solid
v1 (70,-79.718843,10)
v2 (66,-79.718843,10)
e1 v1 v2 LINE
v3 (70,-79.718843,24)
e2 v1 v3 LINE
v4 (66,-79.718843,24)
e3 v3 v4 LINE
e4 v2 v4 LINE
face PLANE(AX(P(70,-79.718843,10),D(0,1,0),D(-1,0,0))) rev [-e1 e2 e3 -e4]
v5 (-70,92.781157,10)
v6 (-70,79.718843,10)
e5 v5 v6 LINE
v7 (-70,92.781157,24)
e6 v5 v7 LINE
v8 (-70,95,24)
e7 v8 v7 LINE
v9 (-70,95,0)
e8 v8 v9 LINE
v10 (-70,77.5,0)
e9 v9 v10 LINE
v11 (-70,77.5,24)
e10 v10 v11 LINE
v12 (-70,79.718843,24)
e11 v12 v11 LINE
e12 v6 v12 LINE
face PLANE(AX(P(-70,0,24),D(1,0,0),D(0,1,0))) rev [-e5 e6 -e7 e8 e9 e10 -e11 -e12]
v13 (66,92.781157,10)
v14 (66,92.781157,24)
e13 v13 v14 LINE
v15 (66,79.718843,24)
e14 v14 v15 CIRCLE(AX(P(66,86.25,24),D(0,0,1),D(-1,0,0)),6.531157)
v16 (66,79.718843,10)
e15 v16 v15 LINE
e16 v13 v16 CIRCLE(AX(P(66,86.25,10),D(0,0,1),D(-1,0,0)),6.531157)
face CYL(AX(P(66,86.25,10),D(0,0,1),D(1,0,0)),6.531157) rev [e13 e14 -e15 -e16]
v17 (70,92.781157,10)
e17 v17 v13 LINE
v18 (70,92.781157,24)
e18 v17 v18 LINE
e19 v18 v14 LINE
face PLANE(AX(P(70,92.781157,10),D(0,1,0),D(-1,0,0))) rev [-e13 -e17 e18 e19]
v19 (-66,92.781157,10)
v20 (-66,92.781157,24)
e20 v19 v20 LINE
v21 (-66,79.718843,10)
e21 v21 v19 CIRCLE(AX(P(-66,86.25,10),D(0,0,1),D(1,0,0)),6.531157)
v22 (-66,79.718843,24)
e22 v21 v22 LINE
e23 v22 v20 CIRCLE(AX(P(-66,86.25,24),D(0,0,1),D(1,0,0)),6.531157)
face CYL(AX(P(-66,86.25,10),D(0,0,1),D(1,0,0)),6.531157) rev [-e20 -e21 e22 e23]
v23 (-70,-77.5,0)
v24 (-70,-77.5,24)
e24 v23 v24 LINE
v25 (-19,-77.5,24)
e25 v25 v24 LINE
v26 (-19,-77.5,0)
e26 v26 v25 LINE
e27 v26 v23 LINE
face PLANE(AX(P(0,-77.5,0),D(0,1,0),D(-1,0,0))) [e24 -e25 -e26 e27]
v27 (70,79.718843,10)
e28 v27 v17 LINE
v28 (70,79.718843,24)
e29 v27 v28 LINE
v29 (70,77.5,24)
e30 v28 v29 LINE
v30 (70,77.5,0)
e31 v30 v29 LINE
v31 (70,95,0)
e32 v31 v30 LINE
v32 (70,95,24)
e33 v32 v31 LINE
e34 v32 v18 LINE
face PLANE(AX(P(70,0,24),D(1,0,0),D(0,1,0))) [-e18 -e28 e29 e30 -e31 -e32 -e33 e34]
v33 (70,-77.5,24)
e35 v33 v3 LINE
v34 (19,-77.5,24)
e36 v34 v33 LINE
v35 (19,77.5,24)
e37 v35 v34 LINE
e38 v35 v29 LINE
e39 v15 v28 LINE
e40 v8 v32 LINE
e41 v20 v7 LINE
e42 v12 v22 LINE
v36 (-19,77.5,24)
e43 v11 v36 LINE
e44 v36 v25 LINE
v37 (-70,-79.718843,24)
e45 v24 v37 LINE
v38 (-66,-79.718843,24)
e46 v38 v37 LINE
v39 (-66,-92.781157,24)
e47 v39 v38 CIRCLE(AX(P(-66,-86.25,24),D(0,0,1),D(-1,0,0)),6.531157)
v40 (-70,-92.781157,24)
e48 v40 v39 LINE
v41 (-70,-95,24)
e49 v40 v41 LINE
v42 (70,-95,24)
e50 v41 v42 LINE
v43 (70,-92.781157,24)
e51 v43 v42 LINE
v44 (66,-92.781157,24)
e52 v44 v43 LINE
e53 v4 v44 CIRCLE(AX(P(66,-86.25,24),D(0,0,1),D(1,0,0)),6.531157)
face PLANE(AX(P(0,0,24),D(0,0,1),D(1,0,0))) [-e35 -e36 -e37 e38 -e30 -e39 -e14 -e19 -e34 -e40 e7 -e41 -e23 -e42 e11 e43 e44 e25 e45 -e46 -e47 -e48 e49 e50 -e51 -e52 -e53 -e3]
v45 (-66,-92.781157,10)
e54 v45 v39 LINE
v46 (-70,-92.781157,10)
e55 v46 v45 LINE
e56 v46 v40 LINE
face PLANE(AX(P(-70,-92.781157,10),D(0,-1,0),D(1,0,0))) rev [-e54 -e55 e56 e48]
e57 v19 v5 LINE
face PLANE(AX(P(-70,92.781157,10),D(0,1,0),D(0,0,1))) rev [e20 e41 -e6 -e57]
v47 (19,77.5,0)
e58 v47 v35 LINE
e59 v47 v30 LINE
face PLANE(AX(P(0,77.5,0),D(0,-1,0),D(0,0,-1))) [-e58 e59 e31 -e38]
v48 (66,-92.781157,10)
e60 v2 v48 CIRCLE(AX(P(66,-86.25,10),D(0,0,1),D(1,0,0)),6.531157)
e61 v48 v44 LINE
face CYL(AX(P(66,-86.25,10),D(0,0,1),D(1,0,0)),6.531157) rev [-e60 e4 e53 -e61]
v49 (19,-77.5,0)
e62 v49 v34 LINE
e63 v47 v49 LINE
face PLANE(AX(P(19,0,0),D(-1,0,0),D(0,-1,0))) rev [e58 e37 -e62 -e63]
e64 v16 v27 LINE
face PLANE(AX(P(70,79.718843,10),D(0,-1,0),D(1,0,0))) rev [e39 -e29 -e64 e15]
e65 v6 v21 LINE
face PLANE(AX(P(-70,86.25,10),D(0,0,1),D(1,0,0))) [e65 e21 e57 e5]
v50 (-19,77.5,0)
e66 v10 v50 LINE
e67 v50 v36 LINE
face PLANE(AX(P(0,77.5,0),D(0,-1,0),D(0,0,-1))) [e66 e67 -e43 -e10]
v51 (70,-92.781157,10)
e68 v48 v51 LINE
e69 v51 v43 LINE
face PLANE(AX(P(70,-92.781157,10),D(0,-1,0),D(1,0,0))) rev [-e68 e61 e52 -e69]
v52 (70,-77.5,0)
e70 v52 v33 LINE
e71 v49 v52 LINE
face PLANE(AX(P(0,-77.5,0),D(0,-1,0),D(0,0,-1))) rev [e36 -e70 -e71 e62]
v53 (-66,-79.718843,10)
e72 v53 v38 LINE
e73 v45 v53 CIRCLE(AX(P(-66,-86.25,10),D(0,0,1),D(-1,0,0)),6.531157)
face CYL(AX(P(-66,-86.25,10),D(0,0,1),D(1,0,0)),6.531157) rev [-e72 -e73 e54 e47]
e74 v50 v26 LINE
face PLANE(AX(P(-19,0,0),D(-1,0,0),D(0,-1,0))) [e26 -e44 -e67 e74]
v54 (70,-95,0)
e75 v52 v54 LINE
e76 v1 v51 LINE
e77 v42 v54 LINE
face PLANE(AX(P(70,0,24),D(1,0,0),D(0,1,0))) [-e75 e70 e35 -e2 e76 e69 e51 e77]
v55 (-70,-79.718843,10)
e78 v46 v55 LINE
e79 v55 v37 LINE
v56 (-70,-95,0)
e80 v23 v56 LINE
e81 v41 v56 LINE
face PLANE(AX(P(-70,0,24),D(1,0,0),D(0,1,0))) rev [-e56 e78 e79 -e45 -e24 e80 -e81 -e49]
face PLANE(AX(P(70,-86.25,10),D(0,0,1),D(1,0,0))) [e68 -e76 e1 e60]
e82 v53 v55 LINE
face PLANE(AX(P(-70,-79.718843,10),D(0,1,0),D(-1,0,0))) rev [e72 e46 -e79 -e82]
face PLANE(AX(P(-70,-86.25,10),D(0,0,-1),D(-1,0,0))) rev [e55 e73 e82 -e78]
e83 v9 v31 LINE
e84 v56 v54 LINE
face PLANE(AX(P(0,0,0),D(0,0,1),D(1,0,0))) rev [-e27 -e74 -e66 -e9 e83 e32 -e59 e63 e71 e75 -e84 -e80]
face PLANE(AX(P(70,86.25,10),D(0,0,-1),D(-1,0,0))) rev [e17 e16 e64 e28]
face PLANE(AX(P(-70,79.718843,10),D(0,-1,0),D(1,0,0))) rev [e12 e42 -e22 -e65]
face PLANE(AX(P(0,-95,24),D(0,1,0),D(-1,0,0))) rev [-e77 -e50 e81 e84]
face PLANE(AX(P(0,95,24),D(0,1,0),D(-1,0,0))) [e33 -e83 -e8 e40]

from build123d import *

# Parameters (mm, degrees)
SKETCH1_W           = 35
SKETCH1_H           = 155
SKETCH1_H_2         = 17.5
BOSS_EXTRUDE1_DEPTH = 24
SKETCH2_W           = 51
SKETCH2_H           = 77.5
CUT_EXTRUDE1_DEPTH  = 24
CUT_EXTRUDE2_DEPTH  = 14


with BuildPart() as part:
    # Sketch1 → Boss-Extrude1 (new body)
    with BuildSketch(Plane.XY):
        with Locations((-52.5, 0)):
            Rectangle(SKETCH1_W, SKETCH1_H)
        with Locations((-52.5, 86.25)):
            Rectangle(SKETCH1_W, SKETCH1_H_2)
        Polygon((35, 95), (-35, 95), (-35, 77.5), (-35, -77.5), (-35, -95), (35, -95), (35, -77.5), (35, 77.5), align=None)
        with Locations((52.5, 86.25)):
            Rectangle(SKETCH1_W, SKETCH1_H_2)
        with Locations((52.5, 0)):
            Rectangle(SKETCH1_W, SKETCH1_H)
        with Locations((52.5, -86.25)):
            Rectangle(SKETCH1_W, SKETCH1_H_2)
        with Locations((-52.5, -86.25)):
            Rectangle(SKETCH1_W, SKETCH1_H_2)
    extrude(amount=BOSS_EXTRUDE1_DEPTH)

    # Sketch2 → Cut-Extrude1 (cut)
    with BuildSketch(Plane.XY.offset(24)):
        with Locations((-44.5, 38.75)):
            Rectangle(SKETCH2_W, SKETCH2_H)
        with Locations((-44.5, -38.75)):
            Rectangle(SKETCH2_W, SKETCH2_H)
        Polygon((35, 77.5), (19, 77.5), (19, 0), (70, 0), (70, 77.5), align=None)
        Polygon((70, 0), (19, 0), (19, -77.5), (35, -77.5), (70, -77.5), align=None)
    extrude(amount=-CUT_EXTRUDE1_DEPTH, mode=Mode.SUBTRACT)

    # Sketch3 → Cut-Extrude2 (cut)
    with BuildSketch(Plane.XY.offset(24)):
        with BuildLine():
            Line((70, -92.781156562), (66, -92.781156562))
            ThreePointArc((66, -92.781156562), (59.468843438, -86.25), (66, -79.718843438))
            Line((66, -79.718843438), (70, -79.718843438))
            ThreePointArc((70, -79.718843438), (76.531156562, -86.25), (70, -92.781156562))
        make_face()
        with BuildLine():
            Line((70, 92.781156562), (66, 92.781156562))
            ThreePointArc((66, 92.781156562), (59.468843438, 86.25), (66, 79.718843438))
            Line((66, 79.718843438), (70, 79.718843438))
            ThreePointArc((70, 79.718843438), (76.531156562, 86.25), (70, 92.781156562))
        make_face()
        with BuildLine():
            Line((-70, 92.781156562), (-66, 92.781156562))
            ThreePointArc((-66, 92.781156562), (-59.468843438, 86.25), (-66, 79.718843438))
            Line((-66, 79.718843438), (-70, 79.718843438))
            ThreePointArc((-70, 79.718843438), (-76.531156562, 86.25), (-70, 92.781156562))
        make_face()
        with BuildLine():
            Line((-70, -92.781156562), (-66, -92.781156562))
            ThreePointArc((-66, -92.781156562), (-59.468843438, -86.25), (-66, -79.718843438))
            Line((-66, -79.718843438), (-70, -79.718843438))
            ThreePointArc((-70, -79.718843438), (-76.531156562, -86.25), (-70, -92.781156562))
        make_face()
    extrude(amount=-CUT_EXTRUDE2_DEPTH, mode=Mode.SUBTRACT)


solid = part.part
